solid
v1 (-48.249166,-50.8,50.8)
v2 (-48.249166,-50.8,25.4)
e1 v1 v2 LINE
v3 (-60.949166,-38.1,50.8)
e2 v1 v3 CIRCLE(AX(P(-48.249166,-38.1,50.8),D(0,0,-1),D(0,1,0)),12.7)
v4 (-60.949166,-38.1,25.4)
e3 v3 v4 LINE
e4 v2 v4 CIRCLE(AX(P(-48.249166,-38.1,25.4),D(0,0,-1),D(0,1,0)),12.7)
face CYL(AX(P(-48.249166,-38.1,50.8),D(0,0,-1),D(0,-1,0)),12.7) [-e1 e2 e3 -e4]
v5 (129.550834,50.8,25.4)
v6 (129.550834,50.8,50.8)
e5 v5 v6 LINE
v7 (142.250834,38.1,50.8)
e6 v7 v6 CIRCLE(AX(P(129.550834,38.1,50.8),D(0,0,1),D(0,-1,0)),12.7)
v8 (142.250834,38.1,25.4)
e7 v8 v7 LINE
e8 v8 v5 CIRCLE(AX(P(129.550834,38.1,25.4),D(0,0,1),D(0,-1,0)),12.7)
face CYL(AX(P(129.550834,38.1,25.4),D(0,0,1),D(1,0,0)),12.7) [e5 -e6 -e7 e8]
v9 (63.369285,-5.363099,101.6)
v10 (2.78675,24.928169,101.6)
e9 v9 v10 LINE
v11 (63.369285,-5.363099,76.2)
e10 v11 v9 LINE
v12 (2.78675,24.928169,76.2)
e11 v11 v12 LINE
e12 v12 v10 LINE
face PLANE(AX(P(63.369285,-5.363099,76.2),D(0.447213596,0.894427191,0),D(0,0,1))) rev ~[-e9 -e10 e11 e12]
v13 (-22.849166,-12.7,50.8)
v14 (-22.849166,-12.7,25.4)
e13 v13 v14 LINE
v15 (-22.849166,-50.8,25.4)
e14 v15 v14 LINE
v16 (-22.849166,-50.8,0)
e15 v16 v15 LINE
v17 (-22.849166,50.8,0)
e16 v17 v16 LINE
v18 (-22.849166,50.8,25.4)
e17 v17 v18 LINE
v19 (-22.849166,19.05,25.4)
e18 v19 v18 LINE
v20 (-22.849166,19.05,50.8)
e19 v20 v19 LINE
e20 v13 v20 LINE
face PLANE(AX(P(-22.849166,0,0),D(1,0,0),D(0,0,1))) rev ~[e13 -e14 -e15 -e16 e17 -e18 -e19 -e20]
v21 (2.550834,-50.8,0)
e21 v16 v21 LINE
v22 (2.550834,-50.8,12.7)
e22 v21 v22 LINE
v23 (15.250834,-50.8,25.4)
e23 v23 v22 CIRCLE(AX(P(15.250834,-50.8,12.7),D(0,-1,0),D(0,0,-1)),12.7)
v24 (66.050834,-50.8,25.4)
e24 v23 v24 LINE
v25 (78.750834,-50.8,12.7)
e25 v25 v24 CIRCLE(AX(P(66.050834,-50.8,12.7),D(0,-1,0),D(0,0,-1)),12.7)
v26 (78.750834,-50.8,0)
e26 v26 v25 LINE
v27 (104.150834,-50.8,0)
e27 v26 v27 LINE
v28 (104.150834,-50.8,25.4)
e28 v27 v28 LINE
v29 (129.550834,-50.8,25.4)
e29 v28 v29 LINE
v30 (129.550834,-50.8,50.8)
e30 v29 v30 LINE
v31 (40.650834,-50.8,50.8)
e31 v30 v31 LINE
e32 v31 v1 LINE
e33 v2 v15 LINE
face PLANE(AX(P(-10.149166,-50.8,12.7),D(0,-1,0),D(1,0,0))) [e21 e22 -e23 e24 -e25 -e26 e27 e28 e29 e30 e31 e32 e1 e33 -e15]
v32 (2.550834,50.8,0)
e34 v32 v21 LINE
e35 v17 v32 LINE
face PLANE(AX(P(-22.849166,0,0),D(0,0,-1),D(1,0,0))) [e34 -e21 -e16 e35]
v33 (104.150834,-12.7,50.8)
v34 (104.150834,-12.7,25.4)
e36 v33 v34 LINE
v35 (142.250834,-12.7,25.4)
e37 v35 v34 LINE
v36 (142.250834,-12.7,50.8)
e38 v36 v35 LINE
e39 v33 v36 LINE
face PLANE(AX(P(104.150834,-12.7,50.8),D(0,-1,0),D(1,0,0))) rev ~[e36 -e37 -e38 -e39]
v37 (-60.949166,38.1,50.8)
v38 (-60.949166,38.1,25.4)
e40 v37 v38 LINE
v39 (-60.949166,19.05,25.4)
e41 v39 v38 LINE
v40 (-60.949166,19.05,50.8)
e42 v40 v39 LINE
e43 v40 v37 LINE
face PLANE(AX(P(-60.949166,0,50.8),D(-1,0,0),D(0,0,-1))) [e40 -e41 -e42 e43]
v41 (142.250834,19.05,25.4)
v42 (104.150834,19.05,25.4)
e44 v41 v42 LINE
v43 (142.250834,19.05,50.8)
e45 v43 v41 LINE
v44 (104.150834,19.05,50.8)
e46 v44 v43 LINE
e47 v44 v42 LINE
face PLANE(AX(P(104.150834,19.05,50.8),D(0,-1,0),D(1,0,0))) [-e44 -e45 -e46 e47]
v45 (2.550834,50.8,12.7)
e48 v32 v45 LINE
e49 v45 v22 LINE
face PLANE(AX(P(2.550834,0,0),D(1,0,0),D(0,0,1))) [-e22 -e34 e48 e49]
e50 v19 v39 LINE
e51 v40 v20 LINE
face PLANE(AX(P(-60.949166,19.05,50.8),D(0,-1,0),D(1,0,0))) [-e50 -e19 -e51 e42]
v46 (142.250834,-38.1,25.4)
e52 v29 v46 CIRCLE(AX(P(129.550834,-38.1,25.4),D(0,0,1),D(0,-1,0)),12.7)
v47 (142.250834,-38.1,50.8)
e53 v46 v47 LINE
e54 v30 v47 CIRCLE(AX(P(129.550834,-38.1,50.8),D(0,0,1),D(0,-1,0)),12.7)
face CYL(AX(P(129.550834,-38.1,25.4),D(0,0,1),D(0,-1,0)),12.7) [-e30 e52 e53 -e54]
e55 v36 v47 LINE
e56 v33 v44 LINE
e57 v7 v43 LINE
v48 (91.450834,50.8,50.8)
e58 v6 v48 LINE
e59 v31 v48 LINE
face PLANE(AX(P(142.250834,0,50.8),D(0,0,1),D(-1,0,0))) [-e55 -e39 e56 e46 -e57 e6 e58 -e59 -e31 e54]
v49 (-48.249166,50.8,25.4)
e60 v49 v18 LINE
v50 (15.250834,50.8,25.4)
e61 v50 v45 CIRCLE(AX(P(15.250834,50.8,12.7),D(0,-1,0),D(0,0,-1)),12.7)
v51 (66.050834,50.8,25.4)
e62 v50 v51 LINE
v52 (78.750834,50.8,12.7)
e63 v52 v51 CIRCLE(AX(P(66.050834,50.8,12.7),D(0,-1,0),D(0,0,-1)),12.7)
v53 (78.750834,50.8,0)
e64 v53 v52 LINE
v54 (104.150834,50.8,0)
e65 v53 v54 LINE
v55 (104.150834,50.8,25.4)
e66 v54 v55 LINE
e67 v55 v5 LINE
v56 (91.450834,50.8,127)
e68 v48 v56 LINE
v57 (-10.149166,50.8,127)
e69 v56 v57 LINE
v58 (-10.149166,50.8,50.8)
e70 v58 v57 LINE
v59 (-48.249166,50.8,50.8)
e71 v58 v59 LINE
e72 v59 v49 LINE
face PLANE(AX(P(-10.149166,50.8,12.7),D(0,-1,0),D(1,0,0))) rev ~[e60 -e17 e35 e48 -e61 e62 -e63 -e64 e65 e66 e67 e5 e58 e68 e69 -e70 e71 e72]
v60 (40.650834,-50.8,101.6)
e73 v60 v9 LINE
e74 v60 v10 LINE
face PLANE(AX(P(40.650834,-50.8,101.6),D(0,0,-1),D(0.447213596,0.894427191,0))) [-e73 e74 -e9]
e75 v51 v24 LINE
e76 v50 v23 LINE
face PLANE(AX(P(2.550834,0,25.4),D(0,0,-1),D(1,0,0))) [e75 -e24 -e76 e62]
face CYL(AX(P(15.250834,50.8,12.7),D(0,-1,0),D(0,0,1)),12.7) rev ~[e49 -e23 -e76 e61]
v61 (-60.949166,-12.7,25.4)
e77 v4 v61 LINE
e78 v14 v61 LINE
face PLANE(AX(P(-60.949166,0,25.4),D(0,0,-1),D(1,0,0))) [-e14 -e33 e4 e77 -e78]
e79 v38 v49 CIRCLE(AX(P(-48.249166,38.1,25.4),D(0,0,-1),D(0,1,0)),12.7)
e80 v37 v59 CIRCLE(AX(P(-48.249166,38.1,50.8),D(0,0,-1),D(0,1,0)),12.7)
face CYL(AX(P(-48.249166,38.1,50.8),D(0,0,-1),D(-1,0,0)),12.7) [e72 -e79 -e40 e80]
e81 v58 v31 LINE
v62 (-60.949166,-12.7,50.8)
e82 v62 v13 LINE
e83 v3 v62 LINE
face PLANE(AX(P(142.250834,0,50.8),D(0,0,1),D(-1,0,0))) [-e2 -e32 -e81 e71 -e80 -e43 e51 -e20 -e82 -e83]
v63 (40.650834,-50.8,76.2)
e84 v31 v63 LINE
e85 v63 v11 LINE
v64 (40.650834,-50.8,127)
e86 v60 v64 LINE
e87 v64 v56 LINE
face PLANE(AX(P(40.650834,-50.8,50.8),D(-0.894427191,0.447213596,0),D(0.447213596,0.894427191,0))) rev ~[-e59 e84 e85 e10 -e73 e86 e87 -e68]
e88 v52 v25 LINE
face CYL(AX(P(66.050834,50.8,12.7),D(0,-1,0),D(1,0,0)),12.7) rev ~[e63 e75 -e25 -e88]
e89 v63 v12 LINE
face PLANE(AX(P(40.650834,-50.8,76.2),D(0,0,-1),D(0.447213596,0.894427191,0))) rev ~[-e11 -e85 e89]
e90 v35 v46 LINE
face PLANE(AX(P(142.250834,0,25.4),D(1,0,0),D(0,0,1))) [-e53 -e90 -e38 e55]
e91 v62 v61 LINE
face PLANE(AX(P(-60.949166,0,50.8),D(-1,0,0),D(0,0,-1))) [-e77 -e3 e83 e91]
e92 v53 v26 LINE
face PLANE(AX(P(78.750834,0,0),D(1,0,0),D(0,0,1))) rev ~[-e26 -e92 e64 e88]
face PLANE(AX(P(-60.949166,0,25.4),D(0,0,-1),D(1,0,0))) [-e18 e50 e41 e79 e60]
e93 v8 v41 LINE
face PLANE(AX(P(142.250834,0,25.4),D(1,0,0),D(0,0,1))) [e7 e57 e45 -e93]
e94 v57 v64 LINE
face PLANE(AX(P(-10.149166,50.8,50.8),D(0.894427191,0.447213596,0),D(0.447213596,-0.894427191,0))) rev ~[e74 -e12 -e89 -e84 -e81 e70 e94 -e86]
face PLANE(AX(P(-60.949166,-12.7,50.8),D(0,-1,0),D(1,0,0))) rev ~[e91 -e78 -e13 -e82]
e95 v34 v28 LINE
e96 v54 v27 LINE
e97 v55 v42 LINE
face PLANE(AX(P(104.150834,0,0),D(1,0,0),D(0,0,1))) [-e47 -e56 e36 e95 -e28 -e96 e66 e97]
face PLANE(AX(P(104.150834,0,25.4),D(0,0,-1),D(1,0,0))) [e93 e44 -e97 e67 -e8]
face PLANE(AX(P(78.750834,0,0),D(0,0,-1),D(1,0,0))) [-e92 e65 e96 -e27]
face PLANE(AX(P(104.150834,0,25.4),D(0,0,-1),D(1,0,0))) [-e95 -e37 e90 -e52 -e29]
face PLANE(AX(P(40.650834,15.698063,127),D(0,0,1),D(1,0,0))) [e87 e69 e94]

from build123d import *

# Parameters (mm, degrees)
F0_W     = 25.4
F0_H     = 25.4
F1_DEPTH = 50.8
F2_W     = 38.1
F2_H     = 31.75
F3_DEPTH = 50.801
F4_R     = 12.7
F5_R     = 12.7
F7_DEPTH = 76.2
F8_W     = 50.8
F8_H     = 25.4
F9_DEPTH = 136.3117039084


with BuildPart() as f1:
    # F0 (on Front) → F1 (new body, symmetric)
    with BuildSketch(Plane.XZ):
        with Locations((-10.1491656572, 12.7)):
            Rectangle(F0_W, F0_H)
        with Locations((91.4508343428, 12.7)):
            Rectangle(F0_W, F0_H)
        Polygon((-22.8491656572, 25.4), (2.5508343428, 25.4), (78.7508343428, 25.4), (104.1508343428, 25.4), (127, 25.4), (142.2508343428, 25.4), (142.2508343428, 50.8), (-60.9491656572, 50.8), (-60.9491656572, 25.4), align=None)
    extrude(amount=F1_DEPTH, both=True)

    # F2 (on face) → F3 (cut, through all)
    with BuildSketch(Plane.XY.offset(50.8)):
        with Locations((-41.8991656572, 3.175)):
            Rectangle(F2_W, F2_H)
        with Locations((123.2008343428, 3.175)):
            Rectangle(F2_W, F2_H)
    extrude(amount=-F3_DEPTH, mode=Mode.SUBTRACT)

    # F4
    f4_edges = [f1.edges().sort_by_distance(p)[0] for p in [
        (142.250834, -50.8, 38.1),
        (142.250834, 50.8, 38.1),
        (-60.949166, -50.8, 38.1),
        (-60.949166, 50.8, 38.1),
    ]]
    fillet(f4_edges, radius=F4_R)

    # F5
    f5_edges = [f1.edges().sort_by_distance(p)[0] for p in [
        (2.550834, 0, 25.4),
        (78.750834, 0, 25.4),
    ]]
    fillet(f5_edges, radius=F5_R)

    # F6 (on face) → F7 (join)
    with BuildSketch(Plane.XY.offset(50.8)):
        Polygon((91.4508343428, 50.8), (40.6508343428, 50.8), (-10.1491656572, 50.8), (40.6508343428, -50.8), align=None)
    extrude(amount=F7_DEPTH)

    # F8 (on face) → F9 (cut, through all)
    with BuildSketch(Plane(origin=(52.8406674742, -26.4203337371, 0), x_dir=(0.4472135955, 0.894427191, 0), z_dir=(0.894427191, -0.4472135955, 0))):
        with Locations((-1.8572955163, 88.9)):
            Rectangle(F8_W, F8_H)
    extrude(amount=-F9_DEPTH, mode=Mode.SUBTRACT)


solid = f1.part
